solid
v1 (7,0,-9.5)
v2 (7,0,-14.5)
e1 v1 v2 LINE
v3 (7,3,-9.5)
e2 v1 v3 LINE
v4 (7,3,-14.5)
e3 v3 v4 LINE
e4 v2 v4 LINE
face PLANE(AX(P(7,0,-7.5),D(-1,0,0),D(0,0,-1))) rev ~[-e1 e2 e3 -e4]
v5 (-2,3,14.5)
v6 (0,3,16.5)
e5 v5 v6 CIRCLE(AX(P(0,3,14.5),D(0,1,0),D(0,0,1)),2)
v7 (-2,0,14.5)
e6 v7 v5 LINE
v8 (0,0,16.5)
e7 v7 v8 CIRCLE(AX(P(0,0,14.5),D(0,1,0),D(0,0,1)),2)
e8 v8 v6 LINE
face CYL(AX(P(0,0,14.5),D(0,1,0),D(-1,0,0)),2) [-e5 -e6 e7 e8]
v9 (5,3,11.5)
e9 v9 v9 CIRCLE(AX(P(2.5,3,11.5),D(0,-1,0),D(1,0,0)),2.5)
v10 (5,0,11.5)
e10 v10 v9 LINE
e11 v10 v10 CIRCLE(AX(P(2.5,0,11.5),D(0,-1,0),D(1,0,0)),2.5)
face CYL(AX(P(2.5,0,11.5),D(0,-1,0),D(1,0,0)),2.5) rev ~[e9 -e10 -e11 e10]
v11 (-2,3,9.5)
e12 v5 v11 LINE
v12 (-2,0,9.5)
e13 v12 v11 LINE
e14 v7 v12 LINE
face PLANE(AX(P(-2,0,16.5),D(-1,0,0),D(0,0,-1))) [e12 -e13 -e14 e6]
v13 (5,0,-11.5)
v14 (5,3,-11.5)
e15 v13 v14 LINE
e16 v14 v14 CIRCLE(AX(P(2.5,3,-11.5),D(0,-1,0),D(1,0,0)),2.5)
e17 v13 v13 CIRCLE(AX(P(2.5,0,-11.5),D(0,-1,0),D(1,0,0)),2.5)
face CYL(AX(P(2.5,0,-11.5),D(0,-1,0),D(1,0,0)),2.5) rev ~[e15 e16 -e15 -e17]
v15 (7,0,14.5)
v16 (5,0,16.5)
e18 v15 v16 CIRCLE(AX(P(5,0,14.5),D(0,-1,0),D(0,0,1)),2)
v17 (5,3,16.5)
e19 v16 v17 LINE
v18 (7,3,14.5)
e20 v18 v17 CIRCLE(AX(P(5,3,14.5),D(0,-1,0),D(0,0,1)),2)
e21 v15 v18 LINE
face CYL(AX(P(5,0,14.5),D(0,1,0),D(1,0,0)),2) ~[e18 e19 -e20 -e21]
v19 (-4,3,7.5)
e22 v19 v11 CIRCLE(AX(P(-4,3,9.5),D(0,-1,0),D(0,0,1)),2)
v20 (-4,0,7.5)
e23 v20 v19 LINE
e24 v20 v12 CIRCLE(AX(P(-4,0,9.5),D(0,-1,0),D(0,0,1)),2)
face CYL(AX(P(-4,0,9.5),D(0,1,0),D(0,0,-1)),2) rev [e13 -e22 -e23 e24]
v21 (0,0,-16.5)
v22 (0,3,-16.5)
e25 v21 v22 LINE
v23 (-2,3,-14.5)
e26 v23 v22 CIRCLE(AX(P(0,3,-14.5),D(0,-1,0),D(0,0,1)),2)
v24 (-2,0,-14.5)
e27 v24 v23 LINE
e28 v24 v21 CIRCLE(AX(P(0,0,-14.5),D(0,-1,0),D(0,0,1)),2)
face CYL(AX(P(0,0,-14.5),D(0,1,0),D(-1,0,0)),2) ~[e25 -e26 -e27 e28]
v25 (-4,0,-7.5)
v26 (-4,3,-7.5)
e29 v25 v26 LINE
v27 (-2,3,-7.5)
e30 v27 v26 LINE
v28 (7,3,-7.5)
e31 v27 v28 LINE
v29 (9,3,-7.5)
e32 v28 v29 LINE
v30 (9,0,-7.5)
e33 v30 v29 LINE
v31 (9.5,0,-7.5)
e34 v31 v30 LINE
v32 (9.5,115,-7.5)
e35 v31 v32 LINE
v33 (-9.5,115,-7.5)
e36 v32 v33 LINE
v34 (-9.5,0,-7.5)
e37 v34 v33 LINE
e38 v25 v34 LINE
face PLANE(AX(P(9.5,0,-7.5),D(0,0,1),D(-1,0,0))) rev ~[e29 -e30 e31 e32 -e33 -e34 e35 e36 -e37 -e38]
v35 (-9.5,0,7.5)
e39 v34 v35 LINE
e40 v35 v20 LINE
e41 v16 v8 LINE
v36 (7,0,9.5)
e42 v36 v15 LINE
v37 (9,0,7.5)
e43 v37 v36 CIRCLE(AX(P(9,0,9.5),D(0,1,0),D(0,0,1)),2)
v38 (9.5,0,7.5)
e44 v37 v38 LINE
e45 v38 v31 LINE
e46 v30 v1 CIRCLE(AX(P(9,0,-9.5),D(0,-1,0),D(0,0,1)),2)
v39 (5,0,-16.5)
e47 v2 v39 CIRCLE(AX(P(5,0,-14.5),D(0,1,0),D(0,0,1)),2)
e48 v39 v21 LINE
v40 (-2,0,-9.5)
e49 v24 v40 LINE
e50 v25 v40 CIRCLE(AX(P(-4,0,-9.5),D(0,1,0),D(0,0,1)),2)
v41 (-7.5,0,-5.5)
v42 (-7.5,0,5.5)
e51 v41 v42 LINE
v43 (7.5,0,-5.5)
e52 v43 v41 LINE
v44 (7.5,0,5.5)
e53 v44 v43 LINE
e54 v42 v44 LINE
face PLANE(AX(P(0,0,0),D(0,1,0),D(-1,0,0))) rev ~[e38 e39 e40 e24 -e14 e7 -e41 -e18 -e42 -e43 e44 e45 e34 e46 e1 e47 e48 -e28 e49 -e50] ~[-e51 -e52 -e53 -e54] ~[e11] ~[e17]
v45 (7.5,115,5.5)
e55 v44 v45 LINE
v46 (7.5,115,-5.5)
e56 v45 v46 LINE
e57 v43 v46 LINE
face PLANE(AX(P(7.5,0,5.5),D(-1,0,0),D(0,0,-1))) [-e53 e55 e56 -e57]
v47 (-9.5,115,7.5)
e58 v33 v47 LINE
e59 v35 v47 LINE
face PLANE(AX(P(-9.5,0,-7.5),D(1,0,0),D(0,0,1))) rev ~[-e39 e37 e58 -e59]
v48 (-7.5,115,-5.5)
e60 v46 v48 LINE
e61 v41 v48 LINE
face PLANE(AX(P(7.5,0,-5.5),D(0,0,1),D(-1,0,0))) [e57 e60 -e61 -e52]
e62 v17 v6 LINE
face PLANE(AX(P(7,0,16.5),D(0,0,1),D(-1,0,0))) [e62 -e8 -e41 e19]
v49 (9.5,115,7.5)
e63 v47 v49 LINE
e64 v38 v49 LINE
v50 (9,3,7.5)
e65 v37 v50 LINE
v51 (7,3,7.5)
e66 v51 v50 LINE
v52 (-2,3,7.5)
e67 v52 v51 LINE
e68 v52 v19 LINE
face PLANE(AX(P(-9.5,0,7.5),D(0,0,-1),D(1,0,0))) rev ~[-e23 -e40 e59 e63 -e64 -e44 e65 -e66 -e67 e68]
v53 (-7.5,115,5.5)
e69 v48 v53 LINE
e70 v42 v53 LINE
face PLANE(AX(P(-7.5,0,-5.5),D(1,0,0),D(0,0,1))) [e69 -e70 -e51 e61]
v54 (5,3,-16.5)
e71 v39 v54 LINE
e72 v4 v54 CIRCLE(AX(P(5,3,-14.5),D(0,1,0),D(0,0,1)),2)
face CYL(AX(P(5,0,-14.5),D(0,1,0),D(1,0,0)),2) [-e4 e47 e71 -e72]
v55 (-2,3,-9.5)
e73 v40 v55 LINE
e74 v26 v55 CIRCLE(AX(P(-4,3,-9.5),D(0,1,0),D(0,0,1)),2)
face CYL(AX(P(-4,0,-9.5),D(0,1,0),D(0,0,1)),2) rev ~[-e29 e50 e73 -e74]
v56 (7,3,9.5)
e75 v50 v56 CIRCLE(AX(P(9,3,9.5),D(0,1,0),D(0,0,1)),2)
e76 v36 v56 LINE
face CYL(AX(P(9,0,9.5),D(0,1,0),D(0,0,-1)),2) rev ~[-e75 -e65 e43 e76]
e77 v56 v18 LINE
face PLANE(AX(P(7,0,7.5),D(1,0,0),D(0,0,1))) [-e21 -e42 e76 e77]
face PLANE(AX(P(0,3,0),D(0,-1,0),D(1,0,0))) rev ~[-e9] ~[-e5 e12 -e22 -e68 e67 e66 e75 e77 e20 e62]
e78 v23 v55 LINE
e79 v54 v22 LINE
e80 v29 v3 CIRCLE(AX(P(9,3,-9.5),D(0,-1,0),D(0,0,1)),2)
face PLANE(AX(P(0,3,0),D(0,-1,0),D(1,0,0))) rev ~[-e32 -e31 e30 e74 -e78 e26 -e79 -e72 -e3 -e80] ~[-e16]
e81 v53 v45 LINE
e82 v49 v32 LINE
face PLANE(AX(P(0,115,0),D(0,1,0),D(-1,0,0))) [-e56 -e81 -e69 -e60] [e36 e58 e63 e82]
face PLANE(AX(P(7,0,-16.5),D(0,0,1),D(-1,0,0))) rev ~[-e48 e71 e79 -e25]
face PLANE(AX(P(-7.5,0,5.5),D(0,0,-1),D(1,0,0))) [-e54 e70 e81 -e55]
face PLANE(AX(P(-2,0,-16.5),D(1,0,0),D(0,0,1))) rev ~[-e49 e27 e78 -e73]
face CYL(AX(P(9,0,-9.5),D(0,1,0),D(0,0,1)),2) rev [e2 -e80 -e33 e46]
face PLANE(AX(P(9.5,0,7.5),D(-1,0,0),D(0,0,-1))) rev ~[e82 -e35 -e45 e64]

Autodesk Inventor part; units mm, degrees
ref_plane "YZ Plane" through (0, 0, 0) normal (1, 0, 0) x (0, 1, 0)
ref_plane "XZ Plane" through (0, 0, 0) normal (0, 1, 0) x (-1, 0, 0)
ref_plane "XY Plane" through (0, 0, 0) normal (0, 0, 1) x (1, 0, 0)
sketch "Sketch1" plane through (0, 0, 0) normal (0, 1, 0) x (-1, 0, 0)
  line L0 (9.5, 7.5) -> (-9.5, 7.5)
  line L1 (-9.5, 7.5) -> (-9.5, -7.5)
  line L2 (-9.5, -7.5) -> (9.5, -7.5)
  line L3 (9.5, -7.5) -> (9.5, 7.5)
  line L4 (9.5, 7.5) -> (-9.5, -7.5) construction
  line L5 (-9.5, 7.5) -> (9.5, -7.5) construction
  line L6 (7.5, 5.5) -> (-7.5, 5.5)
  line L7 (-7.5, 5.5) -> (-7.5, -5.5)
  line L8 (-7.5, -5.5) -> (7.5, -5.5)
  line L9 (7.5, -5.5) -> (7.5, 5.5)
  line L10 (7.5, 5.5) -> (-7.5, -5.5) construction
  line L11 (-7.5, 5.5) -> (7.5, -5.5) construction
  point P0 (0, 0)
  dimension "d0" = 19
  dimension "d1" = 15
  dimension "d2" = 2
  dimension "d3" = 2
extrude "Extrusion1" add sketch "Sketch1" along normal blind 115
sketch "Sketch3" plane through (0, 0, 0) normal (0, -1, 0) x (1, 0, 0)
  circle A0 centre (2.5, 11.5) radius 2.5
  circle A1 centre (2.5, -11.5) radius 2.5
  line L0 (-9.5, -7.5) -> (-9.5, 7.5) projected
  line L1 (-9.5, 7.5) -> (9.5, 7.5) projected
  line L2 (-2, 7.5) -> (7, 7.5)
  line L3 (7, 7.5) -> (7, 16.5)
  line L4 (7, 16.5) -> (-2, 16.5)
  line L5 (-2, 16.5) -> (-2, 7.5)
  line L6 (0, 0) -> (7.5, 0)
  line L7 (7.5, -5.5) -> (7.5, 5.5) projected
  circle A2 centre (2.5, -11.5) radius 2.5
  line L8 (-9.5, -7.5) -> (9.5, -7.5)
  line L9 (7, -7.5) -> (7, -16.5)
  line L10 (7, -16.5) -> (-2, -16.5)
  line L11 (-2, -16.5) -> (-2, -7.5)
  dimension "d13" = 5
  dimension "d14" = 5
  dimension "d15" = 23
  dimension "d16" = 11.5
  dimension "d17" = 12
  dimension "d18" = 12
  dimension "d19" = 9
  dimension "d20" = 9
  dimension "d21" = 4.5
extrude "Extrusion3" add sketch "Sketch3" against normal blind 3
fillet "Fillet2" radius 2 8 edges at (-2, 1.5, -7.5) (-2, 1.5, -16.5) (7, 1.5, -16.5) (7, 1.5, -7.5) (7, 1.5, 7.5) (7, 1.5, 16.5) (-2, 1.5, 16.5) (-2, 1.5, 7.5)
sketch "Sketch2" plane through (0, 0, 0) normal (0, -1, 0) x (1, 0, 0)
  circle A0 centre (-11.5, 0) radius 2.5
  circle A1 centre (11.5, 0) radius 2.5
  line L0 (-14.8361, 4.3238) -> (-8.1639, 4.3238)
  line L1 (-8.1639, 4.3238) -> (-8.1639, -4.3238)
  line L2 (-8.1639, -4.3238) -> (-14.8361, -4.3238)
  line L3 (-14.8361, -4.3238) -> (-14.8361, 4.3238)
  line L4 (-14.8361, 4.3238) -> (-8.1639, -4.3238) construction
  line L5 (-8.1639, 4.3238) -> (-14.8361, -4.3238) construction
  line L6 (0, 0) -> (0, 5.5)
  line L7 (7.5, 5.5) -> (-7.5, 5.5) projected
  line L8 (14.8361, 4.3238) -> (8.1639, 4.3238)
  line L9 (8.1639, 4.3238) -> (8.1639, -4.3238)
  line L10 (8.1639, -4.3238) -> (14.8361, -4.3238)
  line L11 (14.8361, -4.3238) -> (14.8361, 4.3238)
  dimension "d6" = 5
  dimension "d7" = 5
  dimension "d8" = 23
  dimension "d9" = 11.5
properties part number "neck"
